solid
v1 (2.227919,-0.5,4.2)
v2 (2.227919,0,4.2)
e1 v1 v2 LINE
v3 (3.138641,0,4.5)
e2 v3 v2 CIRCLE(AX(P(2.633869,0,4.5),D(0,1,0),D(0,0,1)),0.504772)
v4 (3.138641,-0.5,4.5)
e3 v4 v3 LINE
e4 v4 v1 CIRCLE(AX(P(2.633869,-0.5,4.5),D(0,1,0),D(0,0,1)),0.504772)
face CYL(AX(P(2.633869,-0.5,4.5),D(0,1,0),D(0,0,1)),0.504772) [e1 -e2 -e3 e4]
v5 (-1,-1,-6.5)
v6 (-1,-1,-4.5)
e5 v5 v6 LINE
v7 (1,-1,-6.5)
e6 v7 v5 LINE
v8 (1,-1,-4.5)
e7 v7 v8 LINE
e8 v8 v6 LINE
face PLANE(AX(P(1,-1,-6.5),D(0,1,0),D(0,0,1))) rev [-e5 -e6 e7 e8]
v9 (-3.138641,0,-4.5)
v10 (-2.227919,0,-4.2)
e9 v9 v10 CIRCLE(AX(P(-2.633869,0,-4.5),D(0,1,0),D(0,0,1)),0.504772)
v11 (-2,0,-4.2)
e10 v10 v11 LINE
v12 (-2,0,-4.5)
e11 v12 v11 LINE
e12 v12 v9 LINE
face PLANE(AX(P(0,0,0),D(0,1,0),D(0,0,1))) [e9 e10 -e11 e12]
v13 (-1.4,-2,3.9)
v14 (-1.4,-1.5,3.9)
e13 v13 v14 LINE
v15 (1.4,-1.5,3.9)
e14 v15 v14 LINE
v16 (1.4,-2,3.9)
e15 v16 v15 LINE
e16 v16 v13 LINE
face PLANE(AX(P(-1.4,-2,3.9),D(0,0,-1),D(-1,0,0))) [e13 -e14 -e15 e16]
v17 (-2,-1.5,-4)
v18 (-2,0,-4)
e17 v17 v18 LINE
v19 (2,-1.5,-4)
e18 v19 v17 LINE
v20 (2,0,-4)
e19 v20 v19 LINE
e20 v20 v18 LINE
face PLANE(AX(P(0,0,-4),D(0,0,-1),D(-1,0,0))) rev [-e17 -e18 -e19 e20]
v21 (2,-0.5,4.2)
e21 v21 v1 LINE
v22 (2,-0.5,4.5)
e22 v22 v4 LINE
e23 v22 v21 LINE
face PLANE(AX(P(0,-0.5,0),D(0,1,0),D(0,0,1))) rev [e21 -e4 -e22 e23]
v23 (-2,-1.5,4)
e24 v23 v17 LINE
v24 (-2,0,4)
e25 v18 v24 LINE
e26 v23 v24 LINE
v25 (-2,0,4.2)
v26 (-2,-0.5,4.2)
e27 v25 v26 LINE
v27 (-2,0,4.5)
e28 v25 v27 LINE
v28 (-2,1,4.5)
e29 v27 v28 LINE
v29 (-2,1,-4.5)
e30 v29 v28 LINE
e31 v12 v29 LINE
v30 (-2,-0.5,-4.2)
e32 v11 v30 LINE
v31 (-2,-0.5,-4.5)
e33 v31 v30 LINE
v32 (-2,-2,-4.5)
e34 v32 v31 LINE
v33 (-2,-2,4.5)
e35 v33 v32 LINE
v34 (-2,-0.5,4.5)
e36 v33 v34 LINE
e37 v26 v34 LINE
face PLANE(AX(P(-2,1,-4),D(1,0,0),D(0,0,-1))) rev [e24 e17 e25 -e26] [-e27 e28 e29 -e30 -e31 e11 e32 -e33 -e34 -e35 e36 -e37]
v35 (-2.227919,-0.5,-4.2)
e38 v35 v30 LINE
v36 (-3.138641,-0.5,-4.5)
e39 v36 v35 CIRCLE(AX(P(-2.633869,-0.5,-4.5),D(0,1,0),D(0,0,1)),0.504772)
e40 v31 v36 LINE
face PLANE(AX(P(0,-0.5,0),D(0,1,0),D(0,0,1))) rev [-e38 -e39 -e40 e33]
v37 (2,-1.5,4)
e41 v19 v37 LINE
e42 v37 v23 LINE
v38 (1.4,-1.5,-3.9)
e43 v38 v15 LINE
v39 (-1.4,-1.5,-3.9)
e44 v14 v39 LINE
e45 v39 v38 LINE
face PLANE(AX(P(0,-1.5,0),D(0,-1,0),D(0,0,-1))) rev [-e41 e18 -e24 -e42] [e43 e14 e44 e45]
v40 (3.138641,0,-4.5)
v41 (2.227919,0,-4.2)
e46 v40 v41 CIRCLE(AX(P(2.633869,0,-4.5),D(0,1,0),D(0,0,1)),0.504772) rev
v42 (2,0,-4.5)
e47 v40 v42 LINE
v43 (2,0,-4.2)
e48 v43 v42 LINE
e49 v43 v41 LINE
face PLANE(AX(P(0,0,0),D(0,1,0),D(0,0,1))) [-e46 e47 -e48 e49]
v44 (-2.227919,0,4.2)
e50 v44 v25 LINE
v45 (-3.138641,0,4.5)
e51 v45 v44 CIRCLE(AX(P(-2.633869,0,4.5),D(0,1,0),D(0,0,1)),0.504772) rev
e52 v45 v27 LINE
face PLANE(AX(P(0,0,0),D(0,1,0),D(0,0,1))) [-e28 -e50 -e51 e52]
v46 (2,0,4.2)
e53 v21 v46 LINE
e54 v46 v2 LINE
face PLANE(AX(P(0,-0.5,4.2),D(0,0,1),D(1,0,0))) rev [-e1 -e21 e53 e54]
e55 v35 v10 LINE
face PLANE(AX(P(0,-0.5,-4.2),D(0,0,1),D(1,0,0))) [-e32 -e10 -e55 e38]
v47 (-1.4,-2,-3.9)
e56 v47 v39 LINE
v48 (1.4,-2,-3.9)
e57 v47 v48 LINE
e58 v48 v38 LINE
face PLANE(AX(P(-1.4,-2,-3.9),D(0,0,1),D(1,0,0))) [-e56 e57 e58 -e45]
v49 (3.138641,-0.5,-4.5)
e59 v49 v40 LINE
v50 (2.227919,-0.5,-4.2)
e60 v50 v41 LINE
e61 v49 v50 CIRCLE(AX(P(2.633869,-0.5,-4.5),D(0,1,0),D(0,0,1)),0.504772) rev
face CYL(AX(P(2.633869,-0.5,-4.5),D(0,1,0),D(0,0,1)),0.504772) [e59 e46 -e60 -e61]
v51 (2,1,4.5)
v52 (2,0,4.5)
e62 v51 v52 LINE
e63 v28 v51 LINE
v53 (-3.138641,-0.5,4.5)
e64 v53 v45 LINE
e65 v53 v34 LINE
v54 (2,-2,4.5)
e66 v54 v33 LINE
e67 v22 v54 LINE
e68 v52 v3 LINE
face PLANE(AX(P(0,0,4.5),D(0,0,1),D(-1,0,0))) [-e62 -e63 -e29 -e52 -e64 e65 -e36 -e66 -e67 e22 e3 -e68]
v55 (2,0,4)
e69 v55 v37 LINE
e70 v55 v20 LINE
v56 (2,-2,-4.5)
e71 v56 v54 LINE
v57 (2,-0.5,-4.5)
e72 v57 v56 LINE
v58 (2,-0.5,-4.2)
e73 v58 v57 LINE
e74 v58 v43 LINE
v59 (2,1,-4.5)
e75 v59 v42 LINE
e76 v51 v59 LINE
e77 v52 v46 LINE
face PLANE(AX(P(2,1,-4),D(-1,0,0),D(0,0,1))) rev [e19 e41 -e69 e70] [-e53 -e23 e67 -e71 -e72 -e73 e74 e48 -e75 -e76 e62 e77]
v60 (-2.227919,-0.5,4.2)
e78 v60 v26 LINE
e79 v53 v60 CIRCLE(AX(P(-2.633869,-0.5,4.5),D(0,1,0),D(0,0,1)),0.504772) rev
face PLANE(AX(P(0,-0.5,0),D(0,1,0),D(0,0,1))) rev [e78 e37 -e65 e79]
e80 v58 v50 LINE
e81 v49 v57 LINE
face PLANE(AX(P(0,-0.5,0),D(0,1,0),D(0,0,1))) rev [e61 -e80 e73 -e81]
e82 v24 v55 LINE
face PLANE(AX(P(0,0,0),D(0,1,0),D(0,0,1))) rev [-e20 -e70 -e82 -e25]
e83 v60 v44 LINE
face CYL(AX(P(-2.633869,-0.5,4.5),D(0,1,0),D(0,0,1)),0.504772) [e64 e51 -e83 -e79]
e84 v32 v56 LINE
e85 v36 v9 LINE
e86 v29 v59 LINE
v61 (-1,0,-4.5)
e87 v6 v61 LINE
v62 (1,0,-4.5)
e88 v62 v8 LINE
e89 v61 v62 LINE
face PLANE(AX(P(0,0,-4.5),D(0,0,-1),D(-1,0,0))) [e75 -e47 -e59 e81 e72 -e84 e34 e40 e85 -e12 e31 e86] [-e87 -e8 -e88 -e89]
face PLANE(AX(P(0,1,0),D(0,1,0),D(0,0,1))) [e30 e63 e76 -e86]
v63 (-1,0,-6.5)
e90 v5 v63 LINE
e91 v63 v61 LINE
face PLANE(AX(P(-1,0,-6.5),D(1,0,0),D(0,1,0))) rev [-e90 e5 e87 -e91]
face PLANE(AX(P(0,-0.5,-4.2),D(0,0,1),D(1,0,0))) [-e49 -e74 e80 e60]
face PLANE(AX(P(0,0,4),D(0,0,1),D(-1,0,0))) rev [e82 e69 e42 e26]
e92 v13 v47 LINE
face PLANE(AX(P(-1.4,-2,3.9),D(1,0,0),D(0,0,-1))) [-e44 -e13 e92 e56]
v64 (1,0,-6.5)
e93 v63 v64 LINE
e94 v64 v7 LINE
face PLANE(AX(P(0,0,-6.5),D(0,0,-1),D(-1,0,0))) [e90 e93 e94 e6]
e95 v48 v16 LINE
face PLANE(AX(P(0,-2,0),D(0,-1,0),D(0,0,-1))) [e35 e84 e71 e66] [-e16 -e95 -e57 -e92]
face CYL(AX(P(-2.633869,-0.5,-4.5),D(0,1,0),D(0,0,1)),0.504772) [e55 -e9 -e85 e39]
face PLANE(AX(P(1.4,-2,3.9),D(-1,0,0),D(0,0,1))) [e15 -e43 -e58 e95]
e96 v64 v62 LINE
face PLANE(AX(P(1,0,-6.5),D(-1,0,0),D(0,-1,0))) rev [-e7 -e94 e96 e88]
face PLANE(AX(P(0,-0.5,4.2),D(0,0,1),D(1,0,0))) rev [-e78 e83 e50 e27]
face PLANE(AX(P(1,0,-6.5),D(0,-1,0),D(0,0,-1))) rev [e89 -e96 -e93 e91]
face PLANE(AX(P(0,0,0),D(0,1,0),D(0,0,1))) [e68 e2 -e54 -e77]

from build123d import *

# Parameters (mm, degrees)
SKETCH_1_W      = 4
SKETCH_1_H      = 8
EXTRUDE_1_DEPTH = 1
SKETCH_2_W      = 4
SKETCH_2_H      = 2.5
EXTRUDE_2_DEPTH = 0.5
SKETCH_3_W      = 4
SKETCH_3_H      = 9
SKETCH_3_W_2    = 2.8
SKETCH_3_H_2    = 7.8
EXTRUDE_3_DEPTH = 0.5
EXTRUDE_4_DEPTH = 0.5
SKETCH_5_W      = 2
SKETCH_5_H      = 1
EXTRUDE_5_DEPTH = 2


with BuildPart() as part:
    # 草图1 → 凸台-拉伸1 (new body)
    with BuildSketch(Plane(origin=(0, 0, 0), x_dir=(1, 0, 0), z_dir=(0, 1, 0))):
        Rectangle(SKETCH_1_W, SKETCH_1_H)
    extrude(amount=EXTRUDE_1_DEPTH)

    # 草图2 → 凸台-拉伸2 (add)
    with BuildSketch(Plane(origin=(0, 0, -4), x_dir=(-1, 0, 0), z_dir=(0, 0, -1))):
        with Locations((0, -0.25)):
            Rectangle(SKETCH_2_W, SKETCH_2_H)
    extrude_2 = extrude(amount=EXTRUDE_2_DEPTH)

    # 镜向1: 凸台-拉伸2 across plane
    add(extrude_2.mirror(Plane.XY))

    # 草图3 → 凸台-拉伸3 (add)
    with BuildSketch(Plane.XZ.offset(1.5)):
        Rectangle(SKETCH_3_W, SKETCH_3_H)
        Rectangle(SKETCH_3_W_2, SKETCH_3_H_2, mode=Mode.SUBTRACT)
    extrude(amount=EXTRUDE_3_DEPTH)

    # 草图4 → 凸台-拉伸4 (add)
    with BuildSketch(Plane(origin=(0, 0, 0), x_dir=(1, 0, 0), z_dir=(0, 1, 0))):
        with BuildLine():
            Line((-2, 4.5), (-3.138641266, 4.5))
            ThreePointArc((-3.138641266, 4.5), (-2.791797675, 4.020569497), (-2.227919338, 4.2))
            Line((-2.227919338, 4.2), (2.227919338, 4.2))
            ThreePointArc((2.227919338, 4.2), (2.791797675, 4.020569497), (3.138641266, 4.5))
            Line((3.138641266, 4.5), (2, 4.5))
            Line((2, 4.5), (-2, 4.5))
        make_face()
        with BuildLine():
            Line((2, -4.5), (3.138641266, -4.5))
            ThreePointArc((3.138641266, -4.5), (2.791797675, -4.020569497), (2.227919338, -4.2))
            Line((2.227919338, -4.2), (-2.227919338, -4.2))
            ThreePointArc((-2.227919338, -4.2), (-2.791797675, -4.020569497), (-3.138641266, -4.5))
            Line((-3.138641266, -4.5), (-2, -4.5))
            Line((-2, -4.5), (2, -4.5))
        make_face()
    extrude(amount=-EXTRUDE_4_DEPTH)

    # 草图5 → 凸台-拉伸5 (add)
    with BuildSketch(Plane(origin=(0, 0, -4.5), x_dir=(-1, 0, 0), z_dir=(0, 0, -1))):
        with Locations((0, -0.5)):
            Rectangle(SKETCH_5_W, SKETCH_5_H)
    extrude(amount=EXTRUDE_5_DEPTH)


solid = part.part
